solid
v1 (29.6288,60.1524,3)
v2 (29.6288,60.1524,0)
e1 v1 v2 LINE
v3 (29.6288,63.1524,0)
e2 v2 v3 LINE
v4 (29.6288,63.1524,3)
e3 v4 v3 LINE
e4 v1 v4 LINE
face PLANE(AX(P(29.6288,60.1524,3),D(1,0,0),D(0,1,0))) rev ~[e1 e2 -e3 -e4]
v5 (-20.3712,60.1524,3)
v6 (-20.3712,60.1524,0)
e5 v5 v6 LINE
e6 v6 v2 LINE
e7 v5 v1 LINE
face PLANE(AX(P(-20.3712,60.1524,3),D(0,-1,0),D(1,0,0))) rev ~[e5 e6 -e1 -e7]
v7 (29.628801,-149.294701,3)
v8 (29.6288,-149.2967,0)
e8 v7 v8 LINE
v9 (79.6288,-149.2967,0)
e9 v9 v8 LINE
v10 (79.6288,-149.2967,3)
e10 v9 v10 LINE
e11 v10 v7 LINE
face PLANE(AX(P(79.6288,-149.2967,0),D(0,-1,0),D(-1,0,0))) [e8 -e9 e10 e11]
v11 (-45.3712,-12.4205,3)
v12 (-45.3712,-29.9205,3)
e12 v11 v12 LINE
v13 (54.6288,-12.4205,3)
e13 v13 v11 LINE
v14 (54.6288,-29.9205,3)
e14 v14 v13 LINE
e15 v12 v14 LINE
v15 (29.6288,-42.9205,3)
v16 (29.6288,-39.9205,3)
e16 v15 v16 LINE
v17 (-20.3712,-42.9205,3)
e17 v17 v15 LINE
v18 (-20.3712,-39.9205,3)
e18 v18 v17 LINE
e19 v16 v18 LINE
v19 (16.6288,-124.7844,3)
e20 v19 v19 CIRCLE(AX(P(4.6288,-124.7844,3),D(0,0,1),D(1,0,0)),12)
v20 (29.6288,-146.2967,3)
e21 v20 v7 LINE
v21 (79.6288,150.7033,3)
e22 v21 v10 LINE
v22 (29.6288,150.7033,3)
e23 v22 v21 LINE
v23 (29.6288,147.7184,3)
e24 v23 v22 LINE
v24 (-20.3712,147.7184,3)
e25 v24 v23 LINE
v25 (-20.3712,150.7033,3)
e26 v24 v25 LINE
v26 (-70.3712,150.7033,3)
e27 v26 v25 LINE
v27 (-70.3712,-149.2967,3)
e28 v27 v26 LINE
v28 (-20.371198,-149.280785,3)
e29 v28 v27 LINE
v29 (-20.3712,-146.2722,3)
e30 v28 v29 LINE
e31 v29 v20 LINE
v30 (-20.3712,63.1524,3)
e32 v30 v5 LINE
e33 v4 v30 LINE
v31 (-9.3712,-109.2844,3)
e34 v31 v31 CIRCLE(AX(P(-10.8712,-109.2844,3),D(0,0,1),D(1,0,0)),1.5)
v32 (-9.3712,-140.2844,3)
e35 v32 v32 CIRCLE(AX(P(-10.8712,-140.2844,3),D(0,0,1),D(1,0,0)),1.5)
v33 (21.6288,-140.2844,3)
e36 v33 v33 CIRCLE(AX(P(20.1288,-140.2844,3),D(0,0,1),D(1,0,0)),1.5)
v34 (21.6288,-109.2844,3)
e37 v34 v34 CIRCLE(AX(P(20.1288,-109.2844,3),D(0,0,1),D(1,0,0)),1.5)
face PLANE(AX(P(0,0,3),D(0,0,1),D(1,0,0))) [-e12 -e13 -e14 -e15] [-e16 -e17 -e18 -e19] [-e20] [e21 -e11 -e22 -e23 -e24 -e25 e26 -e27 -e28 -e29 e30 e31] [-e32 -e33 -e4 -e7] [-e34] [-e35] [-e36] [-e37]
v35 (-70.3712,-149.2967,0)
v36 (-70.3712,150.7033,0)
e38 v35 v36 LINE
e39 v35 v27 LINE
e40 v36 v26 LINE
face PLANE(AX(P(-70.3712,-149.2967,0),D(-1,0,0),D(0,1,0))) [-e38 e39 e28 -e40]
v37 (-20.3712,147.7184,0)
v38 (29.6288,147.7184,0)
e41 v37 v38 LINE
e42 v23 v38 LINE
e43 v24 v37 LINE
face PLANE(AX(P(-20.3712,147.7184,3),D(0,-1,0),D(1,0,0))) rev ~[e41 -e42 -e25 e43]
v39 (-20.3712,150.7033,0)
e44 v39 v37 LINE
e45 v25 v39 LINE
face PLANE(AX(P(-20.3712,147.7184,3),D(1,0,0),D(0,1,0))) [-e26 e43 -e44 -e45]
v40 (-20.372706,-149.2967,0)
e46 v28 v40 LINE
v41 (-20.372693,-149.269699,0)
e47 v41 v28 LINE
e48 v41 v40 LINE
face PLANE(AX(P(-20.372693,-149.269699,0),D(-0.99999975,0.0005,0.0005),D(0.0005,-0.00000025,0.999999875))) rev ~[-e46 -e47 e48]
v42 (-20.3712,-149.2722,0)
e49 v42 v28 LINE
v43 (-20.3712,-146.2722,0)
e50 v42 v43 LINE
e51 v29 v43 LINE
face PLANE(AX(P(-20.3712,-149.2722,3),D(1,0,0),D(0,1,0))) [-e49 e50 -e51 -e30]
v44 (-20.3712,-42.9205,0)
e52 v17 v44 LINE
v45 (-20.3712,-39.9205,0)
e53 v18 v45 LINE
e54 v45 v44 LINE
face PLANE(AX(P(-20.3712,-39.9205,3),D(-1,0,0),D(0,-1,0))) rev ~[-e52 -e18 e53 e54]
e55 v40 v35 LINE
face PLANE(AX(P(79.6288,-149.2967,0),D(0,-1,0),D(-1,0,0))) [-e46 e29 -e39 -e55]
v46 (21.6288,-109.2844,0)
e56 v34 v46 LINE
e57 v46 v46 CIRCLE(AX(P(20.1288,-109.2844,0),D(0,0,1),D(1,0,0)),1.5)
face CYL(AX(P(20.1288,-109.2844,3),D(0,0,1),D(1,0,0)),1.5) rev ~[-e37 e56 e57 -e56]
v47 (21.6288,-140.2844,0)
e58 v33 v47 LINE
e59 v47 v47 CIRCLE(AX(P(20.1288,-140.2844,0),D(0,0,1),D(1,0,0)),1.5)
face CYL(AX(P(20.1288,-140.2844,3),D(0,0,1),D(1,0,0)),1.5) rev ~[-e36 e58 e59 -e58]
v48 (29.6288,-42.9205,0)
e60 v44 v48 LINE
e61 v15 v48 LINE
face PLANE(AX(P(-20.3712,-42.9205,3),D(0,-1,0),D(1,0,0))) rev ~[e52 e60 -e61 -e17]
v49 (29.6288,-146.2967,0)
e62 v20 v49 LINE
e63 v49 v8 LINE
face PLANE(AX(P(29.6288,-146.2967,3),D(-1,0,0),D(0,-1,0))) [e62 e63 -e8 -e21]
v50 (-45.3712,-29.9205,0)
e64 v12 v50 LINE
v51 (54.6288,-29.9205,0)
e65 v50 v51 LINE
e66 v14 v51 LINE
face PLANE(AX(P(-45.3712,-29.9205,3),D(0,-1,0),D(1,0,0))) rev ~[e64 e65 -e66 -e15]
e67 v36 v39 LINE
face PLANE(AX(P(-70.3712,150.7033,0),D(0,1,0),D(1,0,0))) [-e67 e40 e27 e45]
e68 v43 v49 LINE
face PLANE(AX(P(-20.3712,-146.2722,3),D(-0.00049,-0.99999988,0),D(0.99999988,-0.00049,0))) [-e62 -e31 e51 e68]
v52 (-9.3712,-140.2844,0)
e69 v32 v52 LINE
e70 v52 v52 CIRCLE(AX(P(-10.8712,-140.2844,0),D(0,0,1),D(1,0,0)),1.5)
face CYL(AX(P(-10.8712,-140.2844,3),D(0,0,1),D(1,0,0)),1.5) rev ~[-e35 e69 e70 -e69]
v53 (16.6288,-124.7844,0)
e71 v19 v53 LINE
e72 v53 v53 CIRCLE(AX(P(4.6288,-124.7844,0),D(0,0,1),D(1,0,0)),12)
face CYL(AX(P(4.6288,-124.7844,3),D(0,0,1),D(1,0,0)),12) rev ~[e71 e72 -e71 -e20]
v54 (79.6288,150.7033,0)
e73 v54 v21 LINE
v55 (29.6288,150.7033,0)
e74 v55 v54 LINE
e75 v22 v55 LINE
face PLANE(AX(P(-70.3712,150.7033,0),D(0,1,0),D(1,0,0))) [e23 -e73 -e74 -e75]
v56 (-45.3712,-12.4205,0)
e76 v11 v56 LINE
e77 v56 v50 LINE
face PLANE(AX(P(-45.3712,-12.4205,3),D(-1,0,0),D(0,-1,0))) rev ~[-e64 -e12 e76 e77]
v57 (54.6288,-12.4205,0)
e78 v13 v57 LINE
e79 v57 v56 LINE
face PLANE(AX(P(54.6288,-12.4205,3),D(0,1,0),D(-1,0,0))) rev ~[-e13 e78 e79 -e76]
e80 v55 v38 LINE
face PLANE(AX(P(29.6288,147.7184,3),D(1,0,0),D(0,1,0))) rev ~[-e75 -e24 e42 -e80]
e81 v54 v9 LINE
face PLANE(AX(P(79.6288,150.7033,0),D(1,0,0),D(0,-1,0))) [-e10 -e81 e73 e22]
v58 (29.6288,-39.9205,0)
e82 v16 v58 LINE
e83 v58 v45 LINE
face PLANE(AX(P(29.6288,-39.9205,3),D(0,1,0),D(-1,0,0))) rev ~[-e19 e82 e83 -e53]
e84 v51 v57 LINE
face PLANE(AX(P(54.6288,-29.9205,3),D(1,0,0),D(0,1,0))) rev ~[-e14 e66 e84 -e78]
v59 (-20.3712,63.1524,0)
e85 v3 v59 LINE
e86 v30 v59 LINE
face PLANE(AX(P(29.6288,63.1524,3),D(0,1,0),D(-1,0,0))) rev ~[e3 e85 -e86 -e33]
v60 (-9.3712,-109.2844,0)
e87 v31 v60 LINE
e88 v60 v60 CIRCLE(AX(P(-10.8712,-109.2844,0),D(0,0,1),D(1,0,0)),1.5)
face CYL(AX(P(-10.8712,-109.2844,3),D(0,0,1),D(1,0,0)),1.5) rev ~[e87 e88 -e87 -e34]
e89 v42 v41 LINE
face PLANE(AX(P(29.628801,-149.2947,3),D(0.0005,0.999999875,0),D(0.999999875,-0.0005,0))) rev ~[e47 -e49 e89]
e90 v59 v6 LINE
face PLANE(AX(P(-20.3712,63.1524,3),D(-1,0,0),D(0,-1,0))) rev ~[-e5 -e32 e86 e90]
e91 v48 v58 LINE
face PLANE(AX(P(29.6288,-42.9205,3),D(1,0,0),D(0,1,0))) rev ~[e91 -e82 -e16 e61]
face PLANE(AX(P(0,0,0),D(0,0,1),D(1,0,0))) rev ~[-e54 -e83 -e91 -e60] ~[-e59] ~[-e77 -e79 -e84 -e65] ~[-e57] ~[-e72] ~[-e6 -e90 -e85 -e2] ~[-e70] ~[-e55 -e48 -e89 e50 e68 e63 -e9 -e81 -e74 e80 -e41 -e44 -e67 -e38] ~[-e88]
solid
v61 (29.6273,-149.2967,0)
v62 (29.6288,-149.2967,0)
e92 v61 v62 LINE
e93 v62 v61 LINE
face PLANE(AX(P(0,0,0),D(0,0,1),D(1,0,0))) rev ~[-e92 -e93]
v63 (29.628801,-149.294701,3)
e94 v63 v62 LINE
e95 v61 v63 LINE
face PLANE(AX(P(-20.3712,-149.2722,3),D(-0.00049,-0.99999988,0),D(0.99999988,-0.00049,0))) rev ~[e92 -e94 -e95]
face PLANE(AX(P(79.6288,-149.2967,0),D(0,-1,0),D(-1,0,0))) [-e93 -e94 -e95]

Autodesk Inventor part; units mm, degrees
ref_plane "YZ Plane" through (0, 0, 0) normal (1, 0, 0) x (0, 1, 0)
ref_plane "XZ Plane" through (0, 0, 0) normal (0, 1, 0) x (-1, 0, 0)
ref_plane "XY Plane" through (0, 0, 0) normal (0, 0, 1) x (1, 0, 0)
sketch "Sketch1" plane through (0, 0, 0) normal (0, 0, 1) x (1, 0, 0)
  line L0 (-70.3712, 150.7033) -> (79.6288, 150.7033)
  line L1 (79.6288, 150.7033) -> (79.6288, -149.2967)
  line L2 (79.6288, -149.2967) -> (-70.3712, -149.2967)
  line L3 (-70.3712, -149.2967) -> (-70.3712, 150.7033)
  point P0 (0, 0)
extrude "Extrusion1" add sketch "Sketch1" along normal blind 3
sketch "Sketch2" plane through (0, 0, 3) normal (0, 0, 1) x (1, 0, 0)
  line L0 (-70.3712, 150.7033) -> (-70.3712, -149.2967) projected
  line L1 (-70.3712, 271.0495) -> (-120.3712, 271.0495)
  line L2 (-20.3712, 147.7184) -> (-20.3712, 150.7184)
  line L3 (-20.3712, 147.7184) -> (29.6288, 147.7184)
  line L4 (29.6288, 147.7184) -> (29.6288, 150.7184)
  line L5 (-20.3712, 150.7184) -> (29.6288, 150.7184)
  line L6 (79.6288, 150.7033) -> (-70.3712, 150.7033) projected
  point P0 (0, 0)
  dimension "d9" = 50
extrude "Extrusion2" cut sketch "Sketch2" against normal blind 3
sketch "Sketch3" plane through (0, 0, 3) normal (0, 0, 1) x (1, 0, 0)
  line L0 (-20.3712, 150.7033) -> (-20.3712, 147.7184) projected
  line L1 (-20.3712, -149.2722) -> (29.6288, -149.2967)
  line L2 (79.6288, -149.2967) -> (-70.3712, -149.2967) projected
  line L3 (-20.3712, -149.2722) -> (-20.3712, -146.2722)
  line L4 (-20.3712, -146.2722) -> (29.6288, -146.2967)
  line L5 (29.6288, -146.2967) -> (29.6288, -149.2967)
  point P0 (0, 0)
extrude "Extrusion3" cut sketch "Sketch3" against normal blind 3
sketch "Sketch4" plane through (0, 0, 3) normal (0, 0, 1) x (1, 0, 0)
  line L0 (29.6288, -46.2722) -> (-20.3712, -46.2722)
  line L1 (-20.3712, -46.2722) -> (29.6288, -46.2722)
  line L2 (29.6288, -46.2722) -> (29.6288, -43.6172)
  line L3 (29.6288, -43.6172) -> (-20.3712, -43.6172)
  line L4 (-20.3712, -43.6172) -> (-20.3712, -46.2722)
  point P0 (0, 0)
extrude "Extrusion4" add sketch "Sketch4" against normal blind 3
sketch "Sketch5" plane through (0, 0, 3) normal (0, 0, 1) x (1, 0, 0)
  line L0 (-20.3712, -42.9205) -> (29.6288, -42.9205)
  line L1 (29.6288, -42.9205) -> (29.6288, -39.9205)
  line L2 (29.6288, -39.9205) -> (-20.3712, -39.9205)
  line L3 (-20.3712, -39.9205) -> (-20.3712, -42.9205)
  point P0 (0, 0)
  point P1 (-20.3712, -146.2722)
  point P2 (29.6288, -146.2967)
extrude "Extrusion5" cut sketch "Sketch5" against normal blind 3
sketch "Sketch6" plane through (0, 0, 3) normal (0, 0, 1) x (1, 0, 0)
  line L0 (29.6288, -39.9205) -> (-20.3712, -39.9205) projected
  line L1 (-20.3712, 60.1524) -> (29.6288, 60.1524)
  line L2 (29.6288, 60.1524) -> (29.6288, 63.1524)
  line L3 (29.6288, 63.1524) -> (-20.3712, 63.1524)
  line L4 (-20.3712, 63.1524) -> (-20.3712, 60.1524)
  point P0 (0, 0)
extrude "Extrusion6" cut sketch "Sketch6" against normal blind 3
sketch "Sketch7" plane through (0, 0, 3) normal (0, 0, 1) x (1, 0, 0)
  line L0 (29.6288, -149.2967) -> (-70.3712, -149.2967) projected
  line L1 (-70.3712, -149.2967) -> (-70.3712, 150.7033) projected
  circle A0 centre (4.6288, -99.2967) radius 12
  point P0 (0, 0)
extrude "Extrusion7" cut sketch "Sketch7" against normal blind 3
sketch "Sketch8" plane through (0, 0, 3) normal (0, 0, 1) x (1, 0, 0)
  circle A0 centre (4.6288, -99.2967) radius 12 projected
  circle A1 centre (20.6853, -83.2968) radius 1.5
  circle A2 centre (-11.3147, -83.2968) radius 1.5
  circle A3 centre (-11.3712, -115.2967) radius 1.5
  circle A4 centre (20.6288, -115.2967) radius 1.5
  point P0 (0, 0)
extrude "Extrusion8" cut sketch "Sketch8" against normal blind 3 contours A1 | A2 | A3 | A4
sketch "Sketch9" plane through (0, 0, 3) normal (0, 0, 1) x (1, 0, 0)
  point P0 (0, 0)
sketch "Sketch11" plane through (0, 0, 3) normal (0, 0, 1) x (1, 0, 0)
  line L0 (-20.3712, -39.9205) -> (29.6288, -39.9205) projected
  line L1 (79.6288, -149.2967) -> (79.6288, 150.7033) projected
  line L2 (-70.3712, 150.7033) -> (-70.3712, -149.2967) projected
  line L3 (29.6288, 60.1524) -> (-20.3712, 60.1524) projected
  line L4 (-45.3712, -29.9205) -> (54.6288, -29.9205)
  line L5 (54.6288, -29.9205) -> (54.6288, -12.4205)
  line L6 (54.6288, -12.4205) -> (-45.3712, -12.4205)
  line L7 (-45.3712, -12.4205) -> (-45.3712, -29.9205)
  point P0 (0, 0)
extrude "Extrusion9" cut sketch "Sketch11" against normal blind 10.5
sketch "Sketch12" plane through (0, 0, 3) normal (0, 0, 1) x (1, 0, 0)
  circle A0 centre (4.6288, -99.2967) radius 12 projected
  circle A1 centre (4.6288, -99.2967) radius 29.508
  point P0 (0, 0)
extrude "Extrusion10" cut sketch "Sketch12" against normal blind 11.75
sketch "Sketch13" plane through (0, 0, 3) normal (0, 0, 1) x (1, 0, 0)
  circle A0 centre (4.6288, -99.2967) radius 29.508 projected
  circle A1 centre (4.6288, -99.2967) radius 29.508
  point P0 (0, 0)
extrude "Extrusion11" add sketch "Sketch13" against normal blind 3
sketch "Sketch14" plane through (29.6288, -149.2967, 3) normal (0.0005, 1, 0) x (1, -0.0005, 0)
  line L0 (-100, 0) -> (0, 0) projected
  line L1 (-0.0015, 3) -> (-50.0015, 3) projected
  line L2 (-50, 0) -> (-0.0015, 0)
  line L3 (-0.0015, 0) -> (-0.0015, 3)
  line L4 (-0.0015, 3) -> (-50, 3)
  line L5 (-50, 3) -> (-50, 0)
  point P0 (-29.7019, 3)
extrude "Extrusion12" cut sketch "Sketch14" against normal blind 16.25
sketch "Sketch15" plane through (0, 0, 3) normal (0, 0, 1) x (1, 0, 0)
  line L0 (-20.3712, -146.2722) -> (29.6288, -146.2967) projected
  circle A0 centre (-10.8712, -109.2844) radius 1.5
  circle A1 centre (20.1288, -109.2844) radius 1.5
  circle A2 centre (20.1288, -140.2844) radius 1.5
  circle A3 centre (-10.8712, -140.2844) radius 1.5
  circle A4 centre (4.6288, -124.7844) radius 12
  point P0 (0, 0)
extrude "Extrusion13" cut sketch "Sketch15" against normal blind 21.5
properties part number "MuurR"
